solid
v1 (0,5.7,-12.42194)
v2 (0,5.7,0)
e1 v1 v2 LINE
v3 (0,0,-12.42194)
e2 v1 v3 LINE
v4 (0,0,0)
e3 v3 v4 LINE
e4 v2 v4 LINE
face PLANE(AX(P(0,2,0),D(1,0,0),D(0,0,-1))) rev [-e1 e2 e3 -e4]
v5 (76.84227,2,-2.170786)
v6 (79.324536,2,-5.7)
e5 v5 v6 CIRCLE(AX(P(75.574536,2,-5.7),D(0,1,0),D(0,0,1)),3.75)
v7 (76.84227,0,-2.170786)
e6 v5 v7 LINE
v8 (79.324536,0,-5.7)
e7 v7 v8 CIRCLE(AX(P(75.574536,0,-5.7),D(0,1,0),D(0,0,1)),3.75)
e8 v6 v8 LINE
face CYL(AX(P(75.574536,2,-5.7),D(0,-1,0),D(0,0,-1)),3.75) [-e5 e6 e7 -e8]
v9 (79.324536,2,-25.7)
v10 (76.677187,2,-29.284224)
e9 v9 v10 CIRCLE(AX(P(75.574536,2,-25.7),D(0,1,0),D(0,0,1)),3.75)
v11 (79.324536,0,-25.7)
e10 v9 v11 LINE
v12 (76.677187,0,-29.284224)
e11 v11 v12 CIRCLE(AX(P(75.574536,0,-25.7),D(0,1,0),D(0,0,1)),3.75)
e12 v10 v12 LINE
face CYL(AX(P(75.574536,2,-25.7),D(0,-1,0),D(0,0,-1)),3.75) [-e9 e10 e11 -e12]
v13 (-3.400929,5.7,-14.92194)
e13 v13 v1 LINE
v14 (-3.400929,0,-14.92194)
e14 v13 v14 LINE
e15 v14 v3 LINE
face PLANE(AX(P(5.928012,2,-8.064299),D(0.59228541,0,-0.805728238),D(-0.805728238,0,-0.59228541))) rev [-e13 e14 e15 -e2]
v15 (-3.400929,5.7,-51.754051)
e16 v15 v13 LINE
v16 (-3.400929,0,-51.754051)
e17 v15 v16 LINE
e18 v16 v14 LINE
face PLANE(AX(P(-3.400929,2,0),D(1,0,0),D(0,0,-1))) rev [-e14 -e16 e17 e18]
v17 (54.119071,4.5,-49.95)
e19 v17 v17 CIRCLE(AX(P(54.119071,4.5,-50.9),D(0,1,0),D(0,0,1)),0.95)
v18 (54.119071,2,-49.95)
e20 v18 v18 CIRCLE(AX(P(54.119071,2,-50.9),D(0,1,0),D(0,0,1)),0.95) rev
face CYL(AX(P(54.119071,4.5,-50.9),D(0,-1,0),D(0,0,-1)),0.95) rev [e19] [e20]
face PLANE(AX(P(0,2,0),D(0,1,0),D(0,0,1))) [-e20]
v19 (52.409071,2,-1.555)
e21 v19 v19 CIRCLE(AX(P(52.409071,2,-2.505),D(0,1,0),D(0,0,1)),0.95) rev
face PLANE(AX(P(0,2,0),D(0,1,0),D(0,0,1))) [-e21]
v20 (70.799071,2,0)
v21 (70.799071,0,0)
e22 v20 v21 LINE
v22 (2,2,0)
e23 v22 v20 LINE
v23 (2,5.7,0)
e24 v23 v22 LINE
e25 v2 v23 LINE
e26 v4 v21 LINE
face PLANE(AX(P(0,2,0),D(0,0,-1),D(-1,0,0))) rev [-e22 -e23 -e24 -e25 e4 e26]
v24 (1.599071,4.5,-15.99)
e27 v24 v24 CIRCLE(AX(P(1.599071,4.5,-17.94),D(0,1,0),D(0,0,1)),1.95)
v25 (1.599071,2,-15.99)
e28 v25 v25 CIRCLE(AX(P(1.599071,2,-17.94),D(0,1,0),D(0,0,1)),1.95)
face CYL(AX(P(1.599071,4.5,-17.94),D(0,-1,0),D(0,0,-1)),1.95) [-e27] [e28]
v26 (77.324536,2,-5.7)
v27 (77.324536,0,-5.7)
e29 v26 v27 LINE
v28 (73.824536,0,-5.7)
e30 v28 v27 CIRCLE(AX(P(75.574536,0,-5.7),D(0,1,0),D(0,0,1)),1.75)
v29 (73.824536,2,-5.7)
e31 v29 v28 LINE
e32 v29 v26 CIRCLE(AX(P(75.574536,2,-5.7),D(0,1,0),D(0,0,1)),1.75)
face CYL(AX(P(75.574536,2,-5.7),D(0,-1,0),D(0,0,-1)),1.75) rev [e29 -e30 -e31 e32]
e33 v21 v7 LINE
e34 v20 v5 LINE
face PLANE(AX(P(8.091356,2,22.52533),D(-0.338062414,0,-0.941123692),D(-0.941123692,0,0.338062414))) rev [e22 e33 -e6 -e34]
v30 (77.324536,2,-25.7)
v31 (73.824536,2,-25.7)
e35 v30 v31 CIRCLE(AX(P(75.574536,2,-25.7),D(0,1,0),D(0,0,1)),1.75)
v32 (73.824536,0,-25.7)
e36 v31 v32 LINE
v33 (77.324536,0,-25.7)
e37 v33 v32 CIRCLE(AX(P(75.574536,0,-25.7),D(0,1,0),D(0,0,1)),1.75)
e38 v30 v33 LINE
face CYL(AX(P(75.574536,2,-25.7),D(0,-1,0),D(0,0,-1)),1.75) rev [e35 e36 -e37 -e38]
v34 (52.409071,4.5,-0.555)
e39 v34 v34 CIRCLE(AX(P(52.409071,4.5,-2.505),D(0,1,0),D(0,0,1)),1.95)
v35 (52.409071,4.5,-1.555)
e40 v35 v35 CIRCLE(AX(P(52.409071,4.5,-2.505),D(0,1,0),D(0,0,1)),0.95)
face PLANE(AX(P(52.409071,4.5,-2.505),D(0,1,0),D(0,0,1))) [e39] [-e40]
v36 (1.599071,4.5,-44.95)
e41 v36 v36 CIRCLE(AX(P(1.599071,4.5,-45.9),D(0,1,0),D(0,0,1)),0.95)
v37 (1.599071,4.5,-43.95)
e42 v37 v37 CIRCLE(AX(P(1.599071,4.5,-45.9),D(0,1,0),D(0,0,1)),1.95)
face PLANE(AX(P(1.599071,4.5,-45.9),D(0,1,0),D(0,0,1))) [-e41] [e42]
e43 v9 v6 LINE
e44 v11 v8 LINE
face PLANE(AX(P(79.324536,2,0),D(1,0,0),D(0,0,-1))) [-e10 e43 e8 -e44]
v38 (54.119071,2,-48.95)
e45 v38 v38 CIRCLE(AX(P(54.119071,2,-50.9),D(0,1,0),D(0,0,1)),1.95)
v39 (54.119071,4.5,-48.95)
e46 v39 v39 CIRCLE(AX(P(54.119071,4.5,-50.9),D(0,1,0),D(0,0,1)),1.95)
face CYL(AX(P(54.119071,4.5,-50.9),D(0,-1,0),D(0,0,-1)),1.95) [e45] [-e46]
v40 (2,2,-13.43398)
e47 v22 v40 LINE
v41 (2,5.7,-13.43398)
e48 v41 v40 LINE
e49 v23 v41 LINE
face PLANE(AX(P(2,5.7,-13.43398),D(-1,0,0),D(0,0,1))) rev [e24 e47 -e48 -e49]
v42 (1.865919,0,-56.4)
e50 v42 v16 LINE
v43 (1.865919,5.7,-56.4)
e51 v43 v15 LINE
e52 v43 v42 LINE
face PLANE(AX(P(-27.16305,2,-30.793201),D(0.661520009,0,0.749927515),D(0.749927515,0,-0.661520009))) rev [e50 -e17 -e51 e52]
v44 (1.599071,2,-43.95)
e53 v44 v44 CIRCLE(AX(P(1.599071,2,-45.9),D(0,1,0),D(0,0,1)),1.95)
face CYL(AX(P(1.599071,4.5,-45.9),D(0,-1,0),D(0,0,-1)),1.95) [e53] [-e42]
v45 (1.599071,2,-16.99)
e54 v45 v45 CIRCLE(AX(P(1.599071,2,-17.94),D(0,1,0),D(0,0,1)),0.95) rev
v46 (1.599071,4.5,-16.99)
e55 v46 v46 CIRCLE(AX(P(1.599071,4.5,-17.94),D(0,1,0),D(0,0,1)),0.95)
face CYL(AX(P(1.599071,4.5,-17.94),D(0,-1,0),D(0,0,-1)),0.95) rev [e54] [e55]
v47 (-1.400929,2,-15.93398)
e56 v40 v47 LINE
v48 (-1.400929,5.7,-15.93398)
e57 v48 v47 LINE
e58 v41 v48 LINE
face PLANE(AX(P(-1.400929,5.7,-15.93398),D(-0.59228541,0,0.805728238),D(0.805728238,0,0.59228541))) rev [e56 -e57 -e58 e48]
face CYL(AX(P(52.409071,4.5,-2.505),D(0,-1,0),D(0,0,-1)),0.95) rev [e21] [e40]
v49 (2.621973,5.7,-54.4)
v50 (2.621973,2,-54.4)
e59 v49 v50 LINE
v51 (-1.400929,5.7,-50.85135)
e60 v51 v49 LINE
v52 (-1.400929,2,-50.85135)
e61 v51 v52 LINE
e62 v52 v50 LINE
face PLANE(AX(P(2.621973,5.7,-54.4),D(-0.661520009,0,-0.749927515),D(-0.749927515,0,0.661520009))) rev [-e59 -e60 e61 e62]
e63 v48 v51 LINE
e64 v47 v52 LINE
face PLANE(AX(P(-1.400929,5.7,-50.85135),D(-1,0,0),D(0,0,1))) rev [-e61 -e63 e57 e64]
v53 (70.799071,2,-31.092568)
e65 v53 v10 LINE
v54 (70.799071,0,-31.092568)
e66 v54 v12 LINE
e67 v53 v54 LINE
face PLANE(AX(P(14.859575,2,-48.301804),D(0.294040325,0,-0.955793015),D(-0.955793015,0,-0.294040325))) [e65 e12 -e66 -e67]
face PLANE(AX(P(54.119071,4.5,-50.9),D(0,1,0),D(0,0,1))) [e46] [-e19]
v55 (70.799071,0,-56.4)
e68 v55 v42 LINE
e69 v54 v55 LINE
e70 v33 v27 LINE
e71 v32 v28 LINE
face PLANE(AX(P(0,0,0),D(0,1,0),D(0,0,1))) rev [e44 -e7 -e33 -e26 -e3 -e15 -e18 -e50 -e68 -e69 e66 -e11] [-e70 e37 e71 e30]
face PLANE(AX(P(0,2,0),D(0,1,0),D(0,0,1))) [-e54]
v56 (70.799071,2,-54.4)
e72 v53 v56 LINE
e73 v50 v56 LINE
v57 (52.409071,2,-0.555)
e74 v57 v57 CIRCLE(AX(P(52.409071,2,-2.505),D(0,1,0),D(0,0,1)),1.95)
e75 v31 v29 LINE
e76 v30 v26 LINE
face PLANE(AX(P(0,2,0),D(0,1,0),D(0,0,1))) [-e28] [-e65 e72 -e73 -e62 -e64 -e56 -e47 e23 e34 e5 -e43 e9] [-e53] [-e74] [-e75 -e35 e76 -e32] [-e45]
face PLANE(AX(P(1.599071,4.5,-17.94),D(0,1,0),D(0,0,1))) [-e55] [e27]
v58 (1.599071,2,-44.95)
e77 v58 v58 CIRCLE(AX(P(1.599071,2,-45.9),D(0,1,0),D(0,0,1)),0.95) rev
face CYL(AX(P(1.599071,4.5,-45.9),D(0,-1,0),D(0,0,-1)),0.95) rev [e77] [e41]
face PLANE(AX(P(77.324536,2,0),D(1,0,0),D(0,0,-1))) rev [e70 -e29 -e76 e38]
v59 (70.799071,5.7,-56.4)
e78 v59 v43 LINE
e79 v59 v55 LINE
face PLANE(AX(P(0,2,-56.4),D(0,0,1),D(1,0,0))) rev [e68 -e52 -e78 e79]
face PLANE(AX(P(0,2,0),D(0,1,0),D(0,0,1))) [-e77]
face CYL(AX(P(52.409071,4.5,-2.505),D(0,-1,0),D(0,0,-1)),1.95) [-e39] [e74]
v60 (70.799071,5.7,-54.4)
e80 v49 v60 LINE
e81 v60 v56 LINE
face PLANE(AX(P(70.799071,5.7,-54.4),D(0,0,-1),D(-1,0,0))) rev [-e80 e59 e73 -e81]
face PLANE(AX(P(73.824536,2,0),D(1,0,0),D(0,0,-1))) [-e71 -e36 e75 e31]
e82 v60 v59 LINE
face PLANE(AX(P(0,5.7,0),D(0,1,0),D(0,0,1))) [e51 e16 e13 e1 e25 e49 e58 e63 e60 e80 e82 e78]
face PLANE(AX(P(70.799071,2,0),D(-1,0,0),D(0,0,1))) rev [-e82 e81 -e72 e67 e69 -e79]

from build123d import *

# Parameters (mm, degrees)
SALIENTE_EXTRUIR2_DEPTH = 2
SALIENTE_EXTRUIR3_DEPTH = 3.7
CROQUIS3_R              = 1.95
CROQUIS3_R_2            = 0.95
SALIENTE_EXTRUIR4_DEPTH = 2.5


with BuildPart() as part:
    # Croquis1 → Saliente-Extruir2 (new body)
    with BuildSketch(Plane(origin=(0, 0, 0), x_dir=(1, 0, 0), z_dir=(0, 1, 0))):
        with BuildLine():
            Line((70.799071053, 31.092568315), (70.799071053, 56.4))
            Line((70.799071053, 56.4), (1.865918726, 56.4))
            Line((1.865918726, 56.4), (-3.400928947, 51.75405083))
            Line((-3.400928947, 51.75405083), (-3.400928947, 14.921940047))
            Line((-3.400928947, 14.921940047), (0, 12.421940047))
            Line((0, 12.421940047), (0, 0))
            Line((0, 0), (70.799071053, 0))
            Line((70.799071053, 0), (76.842269578, 2.170786153))
            ThreePointArc((76.842269578, 2.170786153), (78.641822821, 3.542629227), (79.324535526, 5.7))
            Line((79.324535526, 5.7), (79.324535526, 25.7))
            ThreePointArc((79.324535526, 25.7), (78.590944159, 27.927953986), (76.677186746, 29.284223805))
            Line((76.677186746, 29.284223805), (70.799071053, 31.092568315))
        make_face()
        with BuildLine():
            Line((77.324535526, 25.7), (77.324535526, 5.7))
            ThreePointArc((77.324535526, 5.7), (75.574535526, 3.95), (73.824535526, 5.7))
            Line((73.824535526, 5.7), (73.824535526, 25.7))
            ThreePointArc((73.824535526, 25.7), (75.574535526, 27.45), (77.324535526, 25.7))
        make_face(mode=Mode.SUBTRACT)
    extrude(amount=SALIENTE_EXTRUIR2_DEPTH)

    # Croquis2 → Saliente-Extruir3 (add)
    with BuildSketch(Plane(origin=(0, 2, 0), x_dir=(1, 0, 0), z_dir=(0, 1, 0))):
        Polygon((70.799071053, 54.4), (2.621972909, 54.4), (-1.400928947, 50.851350277), (-1.400928947, 15.933980016), (2, 13.433980016), (2, 0), (0, 0), (0, 12.421940047), (-3.400928947, 14.921940047), (-3.400928947, 51.75405083), (1.865918726, 56.4), (70.799071053, 56.4), align=None)
    extrude(amount=SALIENTE_EXTRUIR3_DEPTH)

    # Croquis3 → Saliente-Extruir4 (add)
    # profile 1 of 4: a face of its own
    with BuildSketch(Plane(origin=(0, 2, 0), x_dir=(1, 0, 0), z_dir=(0, 1, 0))):
        with Locations(Location((1.599071053, 45.9, 0), (0, 0, 270))):
            Circle(CROQUIS3_R)
        with Locations(Location((1.599071053, 45.9, 0), (0, 0, 270))):
            Circle(CROQUIS3_R_2, mode=Mode.SUBTRACT)
    # profile 2 of 4: a face of its own
    with BuildSketch(Plane(origin=(0, 2, 0), x_dir=(1, 0, 0), z_dir=(0, 1, 0))):
        with Locations(Location((1.599071053, 17.94, 0), (0, 0, 270))):
            Circle(CROQUIS3_R)
        with Locations(Location((1.599071053, 17.94, 0), (0, 0, 270))):
            Circle(CROQUIS3_R_2, mode=Mode.SUBTRACT)
    # profile 3 of 4: a face of its own
    with BuildSketch(Plane(origin=(0, 2, 0), x_dir=(1, 0, 0), z_dir=(0, 1, 0))):
        with Locations(Location((52.409071053, 2.505, 0), (0, 0, 270))):
            Circle(CROQUIS3_R)
        with Locations(Location((52.409071053, 2.505, 0), (0, 0, 270))):
            Circle(CROQUIS3_R_2, mode=Mode.SUBTRACT)
    # profile 4 of 4: a face of its own
    with BuildSketch(Plane(origin=(0, 2, 0), x_dir=(1, 0, 0), z_dir=(0, 1, 0))):
        with Locations(Location((54.119071053, 50.9, 0), (0, 0, 270))):
            Circle(CROQUIS3_R)
        with Locations(Location((54.119071053, 50.9, 0), (0, 0, 270))):
            Circle(CROQUIS3_R_2, mode=Mode.SUBTRACT)
    extrude(amount=SALIENTE_EXTRUIR4_DEPTH)


solid = part.part
